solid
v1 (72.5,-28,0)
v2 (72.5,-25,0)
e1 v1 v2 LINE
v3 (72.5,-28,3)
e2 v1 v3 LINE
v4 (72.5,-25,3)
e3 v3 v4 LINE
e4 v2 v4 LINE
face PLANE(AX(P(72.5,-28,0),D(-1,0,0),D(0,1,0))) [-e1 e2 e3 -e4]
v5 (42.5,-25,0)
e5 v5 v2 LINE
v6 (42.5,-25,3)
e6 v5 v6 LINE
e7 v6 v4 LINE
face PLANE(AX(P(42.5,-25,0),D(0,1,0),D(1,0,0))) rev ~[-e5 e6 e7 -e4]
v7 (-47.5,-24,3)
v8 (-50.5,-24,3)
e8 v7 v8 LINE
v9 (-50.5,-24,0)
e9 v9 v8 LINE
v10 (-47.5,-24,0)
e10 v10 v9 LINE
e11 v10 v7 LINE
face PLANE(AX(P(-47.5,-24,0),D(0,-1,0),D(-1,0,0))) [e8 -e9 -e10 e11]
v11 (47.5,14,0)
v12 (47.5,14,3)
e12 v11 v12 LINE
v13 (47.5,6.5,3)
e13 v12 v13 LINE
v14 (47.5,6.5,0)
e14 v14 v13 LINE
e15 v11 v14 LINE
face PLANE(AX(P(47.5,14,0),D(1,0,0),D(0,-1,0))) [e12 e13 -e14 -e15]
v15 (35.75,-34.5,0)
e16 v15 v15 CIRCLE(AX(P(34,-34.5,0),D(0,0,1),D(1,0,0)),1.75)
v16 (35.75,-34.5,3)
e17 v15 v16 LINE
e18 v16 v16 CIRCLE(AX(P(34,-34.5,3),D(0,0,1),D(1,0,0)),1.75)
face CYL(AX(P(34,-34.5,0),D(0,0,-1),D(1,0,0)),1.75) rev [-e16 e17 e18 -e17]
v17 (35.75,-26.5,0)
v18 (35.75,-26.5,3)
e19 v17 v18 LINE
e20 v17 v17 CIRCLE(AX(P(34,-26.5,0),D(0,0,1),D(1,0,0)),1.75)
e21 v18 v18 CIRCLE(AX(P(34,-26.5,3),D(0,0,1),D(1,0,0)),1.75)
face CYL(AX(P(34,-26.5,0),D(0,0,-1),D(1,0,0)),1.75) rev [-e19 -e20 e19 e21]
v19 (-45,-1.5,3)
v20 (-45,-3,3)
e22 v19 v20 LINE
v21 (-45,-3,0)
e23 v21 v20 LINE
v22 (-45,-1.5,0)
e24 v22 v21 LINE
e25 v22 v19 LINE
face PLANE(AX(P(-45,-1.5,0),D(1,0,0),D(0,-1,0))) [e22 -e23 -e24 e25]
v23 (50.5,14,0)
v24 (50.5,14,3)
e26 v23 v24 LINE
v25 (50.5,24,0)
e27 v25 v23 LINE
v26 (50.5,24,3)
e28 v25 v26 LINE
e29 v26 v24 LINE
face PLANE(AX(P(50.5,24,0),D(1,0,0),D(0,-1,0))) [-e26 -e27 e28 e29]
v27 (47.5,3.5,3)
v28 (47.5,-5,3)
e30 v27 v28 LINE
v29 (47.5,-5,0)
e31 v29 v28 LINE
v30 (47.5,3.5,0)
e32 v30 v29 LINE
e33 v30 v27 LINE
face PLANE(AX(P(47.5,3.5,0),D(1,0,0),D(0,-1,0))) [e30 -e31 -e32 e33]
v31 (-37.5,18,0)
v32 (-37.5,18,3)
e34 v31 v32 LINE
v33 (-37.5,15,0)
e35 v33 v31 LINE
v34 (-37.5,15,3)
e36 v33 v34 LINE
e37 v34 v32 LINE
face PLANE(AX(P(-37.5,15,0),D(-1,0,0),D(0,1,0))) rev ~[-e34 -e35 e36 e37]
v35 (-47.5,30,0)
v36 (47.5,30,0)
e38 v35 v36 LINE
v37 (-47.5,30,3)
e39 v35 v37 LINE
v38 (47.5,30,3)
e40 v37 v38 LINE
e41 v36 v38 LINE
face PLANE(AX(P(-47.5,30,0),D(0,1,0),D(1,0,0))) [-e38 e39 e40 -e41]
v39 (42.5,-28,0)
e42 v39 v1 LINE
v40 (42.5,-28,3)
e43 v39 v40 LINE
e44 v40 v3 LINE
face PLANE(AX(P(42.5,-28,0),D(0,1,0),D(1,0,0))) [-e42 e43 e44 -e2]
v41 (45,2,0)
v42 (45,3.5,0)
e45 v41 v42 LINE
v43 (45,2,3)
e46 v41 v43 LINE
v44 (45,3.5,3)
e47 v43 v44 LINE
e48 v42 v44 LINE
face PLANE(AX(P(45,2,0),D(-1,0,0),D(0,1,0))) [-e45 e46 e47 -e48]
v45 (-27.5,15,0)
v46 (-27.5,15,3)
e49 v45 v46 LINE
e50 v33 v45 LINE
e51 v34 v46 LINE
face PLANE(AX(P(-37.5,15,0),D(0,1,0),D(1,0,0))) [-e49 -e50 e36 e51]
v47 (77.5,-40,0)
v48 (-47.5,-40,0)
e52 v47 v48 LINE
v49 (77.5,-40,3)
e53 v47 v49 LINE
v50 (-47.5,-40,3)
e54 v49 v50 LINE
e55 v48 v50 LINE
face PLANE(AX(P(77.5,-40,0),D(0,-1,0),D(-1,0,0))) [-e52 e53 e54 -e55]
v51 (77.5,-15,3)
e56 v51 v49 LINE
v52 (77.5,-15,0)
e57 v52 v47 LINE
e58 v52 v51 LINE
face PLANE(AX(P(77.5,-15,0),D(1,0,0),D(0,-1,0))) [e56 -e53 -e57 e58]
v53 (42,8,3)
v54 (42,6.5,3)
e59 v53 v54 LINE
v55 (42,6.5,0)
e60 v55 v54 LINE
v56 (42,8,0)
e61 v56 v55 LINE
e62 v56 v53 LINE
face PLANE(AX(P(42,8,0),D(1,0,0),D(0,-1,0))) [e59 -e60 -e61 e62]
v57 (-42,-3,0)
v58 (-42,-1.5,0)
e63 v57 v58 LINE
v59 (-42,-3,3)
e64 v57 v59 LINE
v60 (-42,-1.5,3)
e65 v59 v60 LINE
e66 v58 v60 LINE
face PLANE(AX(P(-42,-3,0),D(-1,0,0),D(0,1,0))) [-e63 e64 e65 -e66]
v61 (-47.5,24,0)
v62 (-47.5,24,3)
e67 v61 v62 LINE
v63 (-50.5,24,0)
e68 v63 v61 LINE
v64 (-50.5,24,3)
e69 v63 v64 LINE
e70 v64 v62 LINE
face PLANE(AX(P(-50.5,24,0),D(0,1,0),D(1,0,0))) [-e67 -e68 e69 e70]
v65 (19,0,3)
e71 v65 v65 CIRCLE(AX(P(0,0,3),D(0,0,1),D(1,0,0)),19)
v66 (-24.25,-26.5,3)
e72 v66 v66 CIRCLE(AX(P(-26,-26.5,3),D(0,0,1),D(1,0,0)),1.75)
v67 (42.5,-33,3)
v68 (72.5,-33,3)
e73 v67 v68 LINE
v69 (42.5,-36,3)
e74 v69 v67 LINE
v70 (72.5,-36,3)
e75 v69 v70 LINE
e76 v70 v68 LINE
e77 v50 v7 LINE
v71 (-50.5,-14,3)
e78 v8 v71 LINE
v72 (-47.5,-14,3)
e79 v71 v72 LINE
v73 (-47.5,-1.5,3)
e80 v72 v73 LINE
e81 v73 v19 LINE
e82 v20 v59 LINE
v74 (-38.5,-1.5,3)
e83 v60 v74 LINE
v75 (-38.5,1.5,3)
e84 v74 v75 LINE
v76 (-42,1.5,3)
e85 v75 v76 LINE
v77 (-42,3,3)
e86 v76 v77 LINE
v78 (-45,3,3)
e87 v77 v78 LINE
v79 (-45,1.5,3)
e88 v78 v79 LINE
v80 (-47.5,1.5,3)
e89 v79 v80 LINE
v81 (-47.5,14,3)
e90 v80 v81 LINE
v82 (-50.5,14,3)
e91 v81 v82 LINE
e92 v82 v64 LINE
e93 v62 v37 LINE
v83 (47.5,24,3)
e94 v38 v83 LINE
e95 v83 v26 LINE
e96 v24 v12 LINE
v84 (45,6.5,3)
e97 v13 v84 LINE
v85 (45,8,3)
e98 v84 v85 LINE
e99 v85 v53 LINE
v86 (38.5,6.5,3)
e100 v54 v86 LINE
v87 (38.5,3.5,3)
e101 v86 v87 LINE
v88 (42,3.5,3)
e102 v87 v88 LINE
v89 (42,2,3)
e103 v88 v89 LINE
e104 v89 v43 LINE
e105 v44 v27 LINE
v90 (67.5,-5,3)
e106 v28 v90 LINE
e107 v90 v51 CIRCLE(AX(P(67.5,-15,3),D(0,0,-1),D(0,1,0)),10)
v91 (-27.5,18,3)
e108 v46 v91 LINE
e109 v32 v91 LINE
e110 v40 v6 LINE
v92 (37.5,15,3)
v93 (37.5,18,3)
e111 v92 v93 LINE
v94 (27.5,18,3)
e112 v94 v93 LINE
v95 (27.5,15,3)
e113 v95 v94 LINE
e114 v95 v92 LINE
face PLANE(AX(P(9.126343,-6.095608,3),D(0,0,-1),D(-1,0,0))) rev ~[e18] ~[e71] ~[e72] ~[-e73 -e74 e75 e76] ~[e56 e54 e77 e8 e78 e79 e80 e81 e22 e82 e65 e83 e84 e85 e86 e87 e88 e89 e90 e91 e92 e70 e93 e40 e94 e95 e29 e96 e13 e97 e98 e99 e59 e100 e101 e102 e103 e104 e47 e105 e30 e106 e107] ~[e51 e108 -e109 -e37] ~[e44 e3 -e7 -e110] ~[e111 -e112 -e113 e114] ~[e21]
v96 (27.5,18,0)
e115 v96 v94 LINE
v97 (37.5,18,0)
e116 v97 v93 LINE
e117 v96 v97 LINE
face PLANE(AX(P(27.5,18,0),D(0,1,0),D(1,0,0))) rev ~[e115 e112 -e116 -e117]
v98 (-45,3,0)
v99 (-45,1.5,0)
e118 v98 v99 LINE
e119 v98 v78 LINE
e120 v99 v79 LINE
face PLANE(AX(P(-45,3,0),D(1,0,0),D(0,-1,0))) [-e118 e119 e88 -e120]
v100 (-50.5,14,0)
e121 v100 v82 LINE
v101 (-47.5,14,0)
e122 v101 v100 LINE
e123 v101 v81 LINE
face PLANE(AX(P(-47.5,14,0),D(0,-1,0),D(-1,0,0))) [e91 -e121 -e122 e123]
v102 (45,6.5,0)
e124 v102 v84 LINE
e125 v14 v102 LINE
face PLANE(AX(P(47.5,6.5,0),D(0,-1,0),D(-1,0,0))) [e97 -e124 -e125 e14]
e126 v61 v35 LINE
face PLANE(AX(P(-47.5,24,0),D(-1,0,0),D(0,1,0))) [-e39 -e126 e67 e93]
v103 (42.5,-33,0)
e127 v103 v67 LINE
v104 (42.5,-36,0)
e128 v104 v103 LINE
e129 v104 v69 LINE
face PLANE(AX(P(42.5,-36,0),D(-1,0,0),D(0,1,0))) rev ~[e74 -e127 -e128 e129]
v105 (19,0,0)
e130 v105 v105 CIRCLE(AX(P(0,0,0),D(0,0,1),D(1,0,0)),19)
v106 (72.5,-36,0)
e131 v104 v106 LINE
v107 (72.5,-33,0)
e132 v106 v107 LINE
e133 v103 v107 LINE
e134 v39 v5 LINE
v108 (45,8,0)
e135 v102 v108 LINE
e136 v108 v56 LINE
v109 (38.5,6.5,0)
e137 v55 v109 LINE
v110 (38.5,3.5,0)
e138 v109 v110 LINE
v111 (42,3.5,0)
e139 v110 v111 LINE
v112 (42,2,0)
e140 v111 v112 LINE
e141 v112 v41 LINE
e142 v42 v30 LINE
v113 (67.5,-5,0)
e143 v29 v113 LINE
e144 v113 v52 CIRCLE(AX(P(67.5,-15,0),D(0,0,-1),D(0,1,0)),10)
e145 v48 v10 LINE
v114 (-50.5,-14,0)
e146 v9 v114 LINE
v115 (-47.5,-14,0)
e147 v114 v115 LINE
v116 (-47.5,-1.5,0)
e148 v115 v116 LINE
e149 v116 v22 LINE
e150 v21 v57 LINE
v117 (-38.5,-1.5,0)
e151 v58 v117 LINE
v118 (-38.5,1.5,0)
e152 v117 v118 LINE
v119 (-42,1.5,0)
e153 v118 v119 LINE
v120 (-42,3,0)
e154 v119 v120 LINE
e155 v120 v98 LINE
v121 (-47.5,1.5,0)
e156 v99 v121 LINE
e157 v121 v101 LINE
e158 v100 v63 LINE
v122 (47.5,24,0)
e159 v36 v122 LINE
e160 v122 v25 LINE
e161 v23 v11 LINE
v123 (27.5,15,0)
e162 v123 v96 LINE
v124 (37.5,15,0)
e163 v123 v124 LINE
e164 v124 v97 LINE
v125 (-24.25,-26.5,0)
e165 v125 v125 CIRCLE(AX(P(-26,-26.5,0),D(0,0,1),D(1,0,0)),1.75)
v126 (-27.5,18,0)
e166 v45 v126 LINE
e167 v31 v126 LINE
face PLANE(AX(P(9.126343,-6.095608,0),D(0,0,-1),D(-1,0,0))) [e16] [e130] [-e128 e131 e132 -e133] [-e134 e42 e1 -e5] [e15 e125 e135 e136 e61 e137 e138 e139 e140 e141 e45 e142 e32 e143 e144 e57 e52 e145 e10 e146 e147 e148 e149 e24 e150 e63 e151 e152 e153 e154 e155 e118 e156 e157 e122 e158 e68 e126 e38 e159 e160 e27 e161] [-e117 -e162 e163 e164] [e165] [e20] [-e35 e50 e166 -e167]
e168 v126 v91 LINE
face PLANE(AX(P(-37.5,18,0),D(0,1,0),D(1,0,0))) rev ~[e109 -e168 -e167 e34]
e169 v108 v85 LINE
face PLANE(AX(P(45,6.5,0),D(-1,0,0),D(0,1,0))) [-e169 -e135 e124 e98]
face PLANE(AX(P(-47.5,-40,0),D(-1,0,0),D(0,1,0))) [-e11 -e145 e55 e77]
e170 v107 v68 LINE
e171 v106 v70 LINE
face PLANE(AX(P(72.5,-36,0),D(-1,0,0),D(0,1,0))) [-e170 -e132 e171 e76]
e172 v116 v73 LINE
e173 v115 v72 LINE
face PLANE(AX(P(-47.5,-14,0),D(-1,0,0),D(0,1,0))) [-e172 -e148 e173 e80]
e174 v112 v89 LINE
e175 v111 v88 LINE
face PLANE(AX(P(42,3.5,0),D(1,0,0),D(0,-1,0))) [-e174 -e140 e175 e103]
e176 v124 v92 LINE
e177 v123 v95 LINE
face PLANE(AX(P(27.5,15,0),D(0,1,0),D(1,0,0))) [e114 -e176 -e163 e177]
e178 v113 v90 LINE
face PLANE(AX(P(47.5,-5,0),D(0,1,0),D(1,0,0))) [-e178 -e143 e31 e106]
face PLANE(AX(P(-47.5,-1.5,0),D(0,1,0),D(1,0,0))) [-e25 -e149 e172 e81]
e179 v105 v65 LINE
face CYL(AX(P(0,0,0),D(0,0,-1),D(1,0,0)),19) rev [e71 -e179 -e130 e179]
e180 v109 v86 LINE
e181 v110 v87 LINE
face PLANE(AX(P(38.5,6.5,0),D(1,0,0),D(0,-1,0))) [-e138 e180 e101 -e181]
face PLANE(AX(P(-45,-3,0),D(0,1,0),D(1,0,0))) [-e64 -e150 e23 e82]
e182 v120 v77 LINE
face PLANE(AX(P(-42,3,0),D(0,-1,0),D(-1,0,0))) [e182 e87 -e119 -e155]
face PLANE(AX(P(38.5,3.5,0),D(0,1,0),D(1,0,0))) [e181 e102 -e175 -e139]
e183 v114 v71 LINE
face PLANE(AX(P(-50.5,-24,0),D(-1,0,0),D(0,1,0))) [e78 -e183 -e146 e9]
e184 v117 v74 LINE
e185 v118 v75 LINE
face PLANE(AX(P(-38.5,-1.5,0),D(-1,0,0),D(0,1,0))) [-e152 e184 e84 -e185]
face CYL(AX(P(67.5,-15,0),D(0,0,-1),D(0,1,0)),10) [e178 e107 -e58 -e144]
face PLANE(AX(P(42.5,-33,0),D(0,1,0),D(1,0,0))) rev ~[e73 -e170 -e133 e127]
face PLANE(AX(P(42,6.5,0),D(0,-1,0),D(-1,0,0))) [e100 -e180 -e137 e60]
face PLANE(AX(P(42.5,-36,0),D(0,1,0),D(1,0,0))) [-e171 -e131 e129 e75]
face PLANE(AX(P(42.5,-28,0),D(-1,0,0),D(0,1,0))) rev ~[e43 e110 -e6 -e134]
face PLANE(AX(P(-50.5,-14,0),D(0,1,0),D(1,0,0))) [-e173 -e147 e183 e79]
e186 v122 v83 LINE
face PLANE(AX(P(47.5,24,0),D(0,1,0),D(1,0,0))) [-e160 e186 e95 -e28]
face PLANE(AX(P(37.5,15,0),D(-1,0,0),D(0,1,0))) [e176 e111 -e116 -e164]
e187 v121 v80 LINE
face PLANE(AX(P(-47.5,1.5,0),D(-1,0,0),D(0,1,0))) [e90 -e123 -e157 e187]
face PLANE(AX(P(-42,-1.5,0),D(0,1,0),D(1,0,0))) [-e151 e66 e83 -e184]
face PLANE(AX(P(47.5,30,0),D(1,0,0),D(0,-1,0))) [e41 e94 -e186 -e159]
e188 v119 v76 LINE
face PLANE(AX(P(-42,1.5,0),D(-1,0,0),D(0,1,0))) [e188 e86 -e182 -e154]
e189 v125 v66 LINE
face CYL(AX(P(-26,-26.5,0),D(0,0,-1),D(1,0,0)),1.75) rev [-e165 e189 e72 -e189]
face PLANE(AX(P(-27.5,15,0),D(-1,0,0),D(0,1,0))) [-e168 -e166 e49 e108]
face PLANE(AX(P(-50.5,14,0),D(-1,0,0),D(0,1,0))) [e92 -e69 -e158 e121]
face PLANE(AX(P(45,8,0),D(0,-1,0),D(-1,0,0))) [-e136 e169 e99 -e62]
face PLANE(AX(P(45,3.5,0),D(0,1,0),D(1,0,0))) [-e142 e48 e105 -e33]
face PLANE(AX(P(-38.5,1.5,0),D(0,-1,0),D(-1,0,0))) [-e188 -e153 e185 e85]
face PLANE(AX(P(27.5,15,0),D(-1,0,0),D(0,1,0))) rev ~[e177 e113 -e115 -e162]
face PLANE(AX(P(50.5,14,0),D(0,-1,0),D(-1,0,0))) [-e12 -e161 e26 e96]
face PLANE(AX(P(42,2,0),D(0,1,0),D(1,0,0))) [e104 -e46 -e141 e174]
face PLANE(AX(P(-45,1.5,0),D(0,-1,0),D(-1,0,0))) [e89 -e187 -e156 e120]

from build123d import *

# Parameters (mm, degrees)
SKETCH1_R           = 19
SKETCH1_R_2         = 1.75
SKETCH1_W           = 30
SKETCH1_H           = 3
SKETCH1_W_2         = 10
BOSS_EXTRUDE3_DEPTH = 3


with BuildPart() as part:
    # Sketch1 → Boss-Extrude3 (new body)
    with BuildSketch(Plane.XY):
        with BuildLine():
            Line((-47.5, 30), (47.5, 30))
            Line((47.5, 30), (47.5, 24))
            Line((47.5, 24), (50.5, 24))
            Line((50.5, 24), (50.5, 14))
            Line((50.5, 14), (47.5, 14))
            Line((47.5, 14), (47.5, 6.5))
            Line((47.5, 6.5), (45, 6.5))
            Line((45, 6.5), (45, 8))
            Line((45, 8), (42, 8))
            Line((42, 8), (42, 6.5))
            Line((42, 6.5), (38.5, 6.5))
            Line((38.5, 6.5), (38.5, 3.5))
            Line((38.5, 3.5), (42, 3.5))
            Line((42, 3.5), (42, 2))
            Line((42, 2), (45, 2))
            Line((45, 2), (45, 3.5))
            Line((45, 3.5), (47.5, 3.5))
            Line((47.5, 3.5), (47.5, -5))
            Line((47.5, -5), (67.5, -5))
            ThreePointArc((67.5, -5), (74.571067812, -7.928932188), (77.5, -15))
            Line((77.5, -15), (77.5, -30))
            Line((77.5, -30), (77.5, -40))
            Line((77.5, -40), (-47.5, -40))
            Line((-47.5, -40), (-47.5, -30))
            Line((-47.5, -30), (-47.5, -24))
            Line((-47.5, -24), (-50.5, -24))
            Line((-50.5, -24), (-50.5, -14))
            Line((-50.5, -14), (-47.5, -14))
            Line((-47.5, -14), (-47.5, -1.5))
            Line((-47.5, -1.5), (-45, -1.5))
            Line((-45, -1.5), (-45, -3))
            Line((-45, -3), (-42, -3))
            Line((-42, -3), (-42, -1.5))
            Line((-42, -1.5), (-38.5, -1.5))
            Line((-38.5, -1.5), (-38.5, 1.5))
            Line((-38.5, 1.5), (-42, 1.5))
            Line((-42, 1.5), (-42, 3))
            Line((-42, 3), (-45, 3))
            Line((-45, 3), (-45, 1.5))
            Line((-45, 1.5), (-47.5, 1.5))
            Line((-47.5, 1.5), (-47.5, 14))
            Line((-47.5, 14), (-50.5, 14))
            Line((-50.5, 14), (-50.5, 24))
            Line((-50.5, 24), (-47.5, 24))
            Line((-47.5, 24), (-47.5, 30))
        make_face()
        Circle(SKETCH1_R, mode=Mode.SUBTRACT)
        with Locations((-26, -26.5)):
            Circle(SKETCH1_R_2, mode=Mode.SUBTRACT)
        with Locations((34, -26.5)):
            Circle(SKETCH1_R_2, mode=Mode.SUBTRACT)
        with Locations((34, -34.5)):
            Circle(SKETCH1_R_2, mode=Mode.SUBTRACT)
        with Locations((57.5, -26.5)):
            Rectangle(SKETCH1_W, SKETCH1_H, mode=Mode.SUBTRACT)
        with Locations((-32.5, 16.5)):
            Rectangle(SKETCH1_W_2, SKETCH1_H, mode=Mode.SUBTRACT)
        with Locations((32.5, 16.5)):
            Rectangle(SKETCH1_W_2, SKETCH1_H, mode=Mode.SUBTRACT)
        with Locations((57.5, -34.5)):
            Rectangle(SKETCH1_W, SKETCH1_H, mode=Mode.SUBTRACT)
    extrude(amount=BOSS_EXTRUDE3_DEPTH)


solid = part.part
